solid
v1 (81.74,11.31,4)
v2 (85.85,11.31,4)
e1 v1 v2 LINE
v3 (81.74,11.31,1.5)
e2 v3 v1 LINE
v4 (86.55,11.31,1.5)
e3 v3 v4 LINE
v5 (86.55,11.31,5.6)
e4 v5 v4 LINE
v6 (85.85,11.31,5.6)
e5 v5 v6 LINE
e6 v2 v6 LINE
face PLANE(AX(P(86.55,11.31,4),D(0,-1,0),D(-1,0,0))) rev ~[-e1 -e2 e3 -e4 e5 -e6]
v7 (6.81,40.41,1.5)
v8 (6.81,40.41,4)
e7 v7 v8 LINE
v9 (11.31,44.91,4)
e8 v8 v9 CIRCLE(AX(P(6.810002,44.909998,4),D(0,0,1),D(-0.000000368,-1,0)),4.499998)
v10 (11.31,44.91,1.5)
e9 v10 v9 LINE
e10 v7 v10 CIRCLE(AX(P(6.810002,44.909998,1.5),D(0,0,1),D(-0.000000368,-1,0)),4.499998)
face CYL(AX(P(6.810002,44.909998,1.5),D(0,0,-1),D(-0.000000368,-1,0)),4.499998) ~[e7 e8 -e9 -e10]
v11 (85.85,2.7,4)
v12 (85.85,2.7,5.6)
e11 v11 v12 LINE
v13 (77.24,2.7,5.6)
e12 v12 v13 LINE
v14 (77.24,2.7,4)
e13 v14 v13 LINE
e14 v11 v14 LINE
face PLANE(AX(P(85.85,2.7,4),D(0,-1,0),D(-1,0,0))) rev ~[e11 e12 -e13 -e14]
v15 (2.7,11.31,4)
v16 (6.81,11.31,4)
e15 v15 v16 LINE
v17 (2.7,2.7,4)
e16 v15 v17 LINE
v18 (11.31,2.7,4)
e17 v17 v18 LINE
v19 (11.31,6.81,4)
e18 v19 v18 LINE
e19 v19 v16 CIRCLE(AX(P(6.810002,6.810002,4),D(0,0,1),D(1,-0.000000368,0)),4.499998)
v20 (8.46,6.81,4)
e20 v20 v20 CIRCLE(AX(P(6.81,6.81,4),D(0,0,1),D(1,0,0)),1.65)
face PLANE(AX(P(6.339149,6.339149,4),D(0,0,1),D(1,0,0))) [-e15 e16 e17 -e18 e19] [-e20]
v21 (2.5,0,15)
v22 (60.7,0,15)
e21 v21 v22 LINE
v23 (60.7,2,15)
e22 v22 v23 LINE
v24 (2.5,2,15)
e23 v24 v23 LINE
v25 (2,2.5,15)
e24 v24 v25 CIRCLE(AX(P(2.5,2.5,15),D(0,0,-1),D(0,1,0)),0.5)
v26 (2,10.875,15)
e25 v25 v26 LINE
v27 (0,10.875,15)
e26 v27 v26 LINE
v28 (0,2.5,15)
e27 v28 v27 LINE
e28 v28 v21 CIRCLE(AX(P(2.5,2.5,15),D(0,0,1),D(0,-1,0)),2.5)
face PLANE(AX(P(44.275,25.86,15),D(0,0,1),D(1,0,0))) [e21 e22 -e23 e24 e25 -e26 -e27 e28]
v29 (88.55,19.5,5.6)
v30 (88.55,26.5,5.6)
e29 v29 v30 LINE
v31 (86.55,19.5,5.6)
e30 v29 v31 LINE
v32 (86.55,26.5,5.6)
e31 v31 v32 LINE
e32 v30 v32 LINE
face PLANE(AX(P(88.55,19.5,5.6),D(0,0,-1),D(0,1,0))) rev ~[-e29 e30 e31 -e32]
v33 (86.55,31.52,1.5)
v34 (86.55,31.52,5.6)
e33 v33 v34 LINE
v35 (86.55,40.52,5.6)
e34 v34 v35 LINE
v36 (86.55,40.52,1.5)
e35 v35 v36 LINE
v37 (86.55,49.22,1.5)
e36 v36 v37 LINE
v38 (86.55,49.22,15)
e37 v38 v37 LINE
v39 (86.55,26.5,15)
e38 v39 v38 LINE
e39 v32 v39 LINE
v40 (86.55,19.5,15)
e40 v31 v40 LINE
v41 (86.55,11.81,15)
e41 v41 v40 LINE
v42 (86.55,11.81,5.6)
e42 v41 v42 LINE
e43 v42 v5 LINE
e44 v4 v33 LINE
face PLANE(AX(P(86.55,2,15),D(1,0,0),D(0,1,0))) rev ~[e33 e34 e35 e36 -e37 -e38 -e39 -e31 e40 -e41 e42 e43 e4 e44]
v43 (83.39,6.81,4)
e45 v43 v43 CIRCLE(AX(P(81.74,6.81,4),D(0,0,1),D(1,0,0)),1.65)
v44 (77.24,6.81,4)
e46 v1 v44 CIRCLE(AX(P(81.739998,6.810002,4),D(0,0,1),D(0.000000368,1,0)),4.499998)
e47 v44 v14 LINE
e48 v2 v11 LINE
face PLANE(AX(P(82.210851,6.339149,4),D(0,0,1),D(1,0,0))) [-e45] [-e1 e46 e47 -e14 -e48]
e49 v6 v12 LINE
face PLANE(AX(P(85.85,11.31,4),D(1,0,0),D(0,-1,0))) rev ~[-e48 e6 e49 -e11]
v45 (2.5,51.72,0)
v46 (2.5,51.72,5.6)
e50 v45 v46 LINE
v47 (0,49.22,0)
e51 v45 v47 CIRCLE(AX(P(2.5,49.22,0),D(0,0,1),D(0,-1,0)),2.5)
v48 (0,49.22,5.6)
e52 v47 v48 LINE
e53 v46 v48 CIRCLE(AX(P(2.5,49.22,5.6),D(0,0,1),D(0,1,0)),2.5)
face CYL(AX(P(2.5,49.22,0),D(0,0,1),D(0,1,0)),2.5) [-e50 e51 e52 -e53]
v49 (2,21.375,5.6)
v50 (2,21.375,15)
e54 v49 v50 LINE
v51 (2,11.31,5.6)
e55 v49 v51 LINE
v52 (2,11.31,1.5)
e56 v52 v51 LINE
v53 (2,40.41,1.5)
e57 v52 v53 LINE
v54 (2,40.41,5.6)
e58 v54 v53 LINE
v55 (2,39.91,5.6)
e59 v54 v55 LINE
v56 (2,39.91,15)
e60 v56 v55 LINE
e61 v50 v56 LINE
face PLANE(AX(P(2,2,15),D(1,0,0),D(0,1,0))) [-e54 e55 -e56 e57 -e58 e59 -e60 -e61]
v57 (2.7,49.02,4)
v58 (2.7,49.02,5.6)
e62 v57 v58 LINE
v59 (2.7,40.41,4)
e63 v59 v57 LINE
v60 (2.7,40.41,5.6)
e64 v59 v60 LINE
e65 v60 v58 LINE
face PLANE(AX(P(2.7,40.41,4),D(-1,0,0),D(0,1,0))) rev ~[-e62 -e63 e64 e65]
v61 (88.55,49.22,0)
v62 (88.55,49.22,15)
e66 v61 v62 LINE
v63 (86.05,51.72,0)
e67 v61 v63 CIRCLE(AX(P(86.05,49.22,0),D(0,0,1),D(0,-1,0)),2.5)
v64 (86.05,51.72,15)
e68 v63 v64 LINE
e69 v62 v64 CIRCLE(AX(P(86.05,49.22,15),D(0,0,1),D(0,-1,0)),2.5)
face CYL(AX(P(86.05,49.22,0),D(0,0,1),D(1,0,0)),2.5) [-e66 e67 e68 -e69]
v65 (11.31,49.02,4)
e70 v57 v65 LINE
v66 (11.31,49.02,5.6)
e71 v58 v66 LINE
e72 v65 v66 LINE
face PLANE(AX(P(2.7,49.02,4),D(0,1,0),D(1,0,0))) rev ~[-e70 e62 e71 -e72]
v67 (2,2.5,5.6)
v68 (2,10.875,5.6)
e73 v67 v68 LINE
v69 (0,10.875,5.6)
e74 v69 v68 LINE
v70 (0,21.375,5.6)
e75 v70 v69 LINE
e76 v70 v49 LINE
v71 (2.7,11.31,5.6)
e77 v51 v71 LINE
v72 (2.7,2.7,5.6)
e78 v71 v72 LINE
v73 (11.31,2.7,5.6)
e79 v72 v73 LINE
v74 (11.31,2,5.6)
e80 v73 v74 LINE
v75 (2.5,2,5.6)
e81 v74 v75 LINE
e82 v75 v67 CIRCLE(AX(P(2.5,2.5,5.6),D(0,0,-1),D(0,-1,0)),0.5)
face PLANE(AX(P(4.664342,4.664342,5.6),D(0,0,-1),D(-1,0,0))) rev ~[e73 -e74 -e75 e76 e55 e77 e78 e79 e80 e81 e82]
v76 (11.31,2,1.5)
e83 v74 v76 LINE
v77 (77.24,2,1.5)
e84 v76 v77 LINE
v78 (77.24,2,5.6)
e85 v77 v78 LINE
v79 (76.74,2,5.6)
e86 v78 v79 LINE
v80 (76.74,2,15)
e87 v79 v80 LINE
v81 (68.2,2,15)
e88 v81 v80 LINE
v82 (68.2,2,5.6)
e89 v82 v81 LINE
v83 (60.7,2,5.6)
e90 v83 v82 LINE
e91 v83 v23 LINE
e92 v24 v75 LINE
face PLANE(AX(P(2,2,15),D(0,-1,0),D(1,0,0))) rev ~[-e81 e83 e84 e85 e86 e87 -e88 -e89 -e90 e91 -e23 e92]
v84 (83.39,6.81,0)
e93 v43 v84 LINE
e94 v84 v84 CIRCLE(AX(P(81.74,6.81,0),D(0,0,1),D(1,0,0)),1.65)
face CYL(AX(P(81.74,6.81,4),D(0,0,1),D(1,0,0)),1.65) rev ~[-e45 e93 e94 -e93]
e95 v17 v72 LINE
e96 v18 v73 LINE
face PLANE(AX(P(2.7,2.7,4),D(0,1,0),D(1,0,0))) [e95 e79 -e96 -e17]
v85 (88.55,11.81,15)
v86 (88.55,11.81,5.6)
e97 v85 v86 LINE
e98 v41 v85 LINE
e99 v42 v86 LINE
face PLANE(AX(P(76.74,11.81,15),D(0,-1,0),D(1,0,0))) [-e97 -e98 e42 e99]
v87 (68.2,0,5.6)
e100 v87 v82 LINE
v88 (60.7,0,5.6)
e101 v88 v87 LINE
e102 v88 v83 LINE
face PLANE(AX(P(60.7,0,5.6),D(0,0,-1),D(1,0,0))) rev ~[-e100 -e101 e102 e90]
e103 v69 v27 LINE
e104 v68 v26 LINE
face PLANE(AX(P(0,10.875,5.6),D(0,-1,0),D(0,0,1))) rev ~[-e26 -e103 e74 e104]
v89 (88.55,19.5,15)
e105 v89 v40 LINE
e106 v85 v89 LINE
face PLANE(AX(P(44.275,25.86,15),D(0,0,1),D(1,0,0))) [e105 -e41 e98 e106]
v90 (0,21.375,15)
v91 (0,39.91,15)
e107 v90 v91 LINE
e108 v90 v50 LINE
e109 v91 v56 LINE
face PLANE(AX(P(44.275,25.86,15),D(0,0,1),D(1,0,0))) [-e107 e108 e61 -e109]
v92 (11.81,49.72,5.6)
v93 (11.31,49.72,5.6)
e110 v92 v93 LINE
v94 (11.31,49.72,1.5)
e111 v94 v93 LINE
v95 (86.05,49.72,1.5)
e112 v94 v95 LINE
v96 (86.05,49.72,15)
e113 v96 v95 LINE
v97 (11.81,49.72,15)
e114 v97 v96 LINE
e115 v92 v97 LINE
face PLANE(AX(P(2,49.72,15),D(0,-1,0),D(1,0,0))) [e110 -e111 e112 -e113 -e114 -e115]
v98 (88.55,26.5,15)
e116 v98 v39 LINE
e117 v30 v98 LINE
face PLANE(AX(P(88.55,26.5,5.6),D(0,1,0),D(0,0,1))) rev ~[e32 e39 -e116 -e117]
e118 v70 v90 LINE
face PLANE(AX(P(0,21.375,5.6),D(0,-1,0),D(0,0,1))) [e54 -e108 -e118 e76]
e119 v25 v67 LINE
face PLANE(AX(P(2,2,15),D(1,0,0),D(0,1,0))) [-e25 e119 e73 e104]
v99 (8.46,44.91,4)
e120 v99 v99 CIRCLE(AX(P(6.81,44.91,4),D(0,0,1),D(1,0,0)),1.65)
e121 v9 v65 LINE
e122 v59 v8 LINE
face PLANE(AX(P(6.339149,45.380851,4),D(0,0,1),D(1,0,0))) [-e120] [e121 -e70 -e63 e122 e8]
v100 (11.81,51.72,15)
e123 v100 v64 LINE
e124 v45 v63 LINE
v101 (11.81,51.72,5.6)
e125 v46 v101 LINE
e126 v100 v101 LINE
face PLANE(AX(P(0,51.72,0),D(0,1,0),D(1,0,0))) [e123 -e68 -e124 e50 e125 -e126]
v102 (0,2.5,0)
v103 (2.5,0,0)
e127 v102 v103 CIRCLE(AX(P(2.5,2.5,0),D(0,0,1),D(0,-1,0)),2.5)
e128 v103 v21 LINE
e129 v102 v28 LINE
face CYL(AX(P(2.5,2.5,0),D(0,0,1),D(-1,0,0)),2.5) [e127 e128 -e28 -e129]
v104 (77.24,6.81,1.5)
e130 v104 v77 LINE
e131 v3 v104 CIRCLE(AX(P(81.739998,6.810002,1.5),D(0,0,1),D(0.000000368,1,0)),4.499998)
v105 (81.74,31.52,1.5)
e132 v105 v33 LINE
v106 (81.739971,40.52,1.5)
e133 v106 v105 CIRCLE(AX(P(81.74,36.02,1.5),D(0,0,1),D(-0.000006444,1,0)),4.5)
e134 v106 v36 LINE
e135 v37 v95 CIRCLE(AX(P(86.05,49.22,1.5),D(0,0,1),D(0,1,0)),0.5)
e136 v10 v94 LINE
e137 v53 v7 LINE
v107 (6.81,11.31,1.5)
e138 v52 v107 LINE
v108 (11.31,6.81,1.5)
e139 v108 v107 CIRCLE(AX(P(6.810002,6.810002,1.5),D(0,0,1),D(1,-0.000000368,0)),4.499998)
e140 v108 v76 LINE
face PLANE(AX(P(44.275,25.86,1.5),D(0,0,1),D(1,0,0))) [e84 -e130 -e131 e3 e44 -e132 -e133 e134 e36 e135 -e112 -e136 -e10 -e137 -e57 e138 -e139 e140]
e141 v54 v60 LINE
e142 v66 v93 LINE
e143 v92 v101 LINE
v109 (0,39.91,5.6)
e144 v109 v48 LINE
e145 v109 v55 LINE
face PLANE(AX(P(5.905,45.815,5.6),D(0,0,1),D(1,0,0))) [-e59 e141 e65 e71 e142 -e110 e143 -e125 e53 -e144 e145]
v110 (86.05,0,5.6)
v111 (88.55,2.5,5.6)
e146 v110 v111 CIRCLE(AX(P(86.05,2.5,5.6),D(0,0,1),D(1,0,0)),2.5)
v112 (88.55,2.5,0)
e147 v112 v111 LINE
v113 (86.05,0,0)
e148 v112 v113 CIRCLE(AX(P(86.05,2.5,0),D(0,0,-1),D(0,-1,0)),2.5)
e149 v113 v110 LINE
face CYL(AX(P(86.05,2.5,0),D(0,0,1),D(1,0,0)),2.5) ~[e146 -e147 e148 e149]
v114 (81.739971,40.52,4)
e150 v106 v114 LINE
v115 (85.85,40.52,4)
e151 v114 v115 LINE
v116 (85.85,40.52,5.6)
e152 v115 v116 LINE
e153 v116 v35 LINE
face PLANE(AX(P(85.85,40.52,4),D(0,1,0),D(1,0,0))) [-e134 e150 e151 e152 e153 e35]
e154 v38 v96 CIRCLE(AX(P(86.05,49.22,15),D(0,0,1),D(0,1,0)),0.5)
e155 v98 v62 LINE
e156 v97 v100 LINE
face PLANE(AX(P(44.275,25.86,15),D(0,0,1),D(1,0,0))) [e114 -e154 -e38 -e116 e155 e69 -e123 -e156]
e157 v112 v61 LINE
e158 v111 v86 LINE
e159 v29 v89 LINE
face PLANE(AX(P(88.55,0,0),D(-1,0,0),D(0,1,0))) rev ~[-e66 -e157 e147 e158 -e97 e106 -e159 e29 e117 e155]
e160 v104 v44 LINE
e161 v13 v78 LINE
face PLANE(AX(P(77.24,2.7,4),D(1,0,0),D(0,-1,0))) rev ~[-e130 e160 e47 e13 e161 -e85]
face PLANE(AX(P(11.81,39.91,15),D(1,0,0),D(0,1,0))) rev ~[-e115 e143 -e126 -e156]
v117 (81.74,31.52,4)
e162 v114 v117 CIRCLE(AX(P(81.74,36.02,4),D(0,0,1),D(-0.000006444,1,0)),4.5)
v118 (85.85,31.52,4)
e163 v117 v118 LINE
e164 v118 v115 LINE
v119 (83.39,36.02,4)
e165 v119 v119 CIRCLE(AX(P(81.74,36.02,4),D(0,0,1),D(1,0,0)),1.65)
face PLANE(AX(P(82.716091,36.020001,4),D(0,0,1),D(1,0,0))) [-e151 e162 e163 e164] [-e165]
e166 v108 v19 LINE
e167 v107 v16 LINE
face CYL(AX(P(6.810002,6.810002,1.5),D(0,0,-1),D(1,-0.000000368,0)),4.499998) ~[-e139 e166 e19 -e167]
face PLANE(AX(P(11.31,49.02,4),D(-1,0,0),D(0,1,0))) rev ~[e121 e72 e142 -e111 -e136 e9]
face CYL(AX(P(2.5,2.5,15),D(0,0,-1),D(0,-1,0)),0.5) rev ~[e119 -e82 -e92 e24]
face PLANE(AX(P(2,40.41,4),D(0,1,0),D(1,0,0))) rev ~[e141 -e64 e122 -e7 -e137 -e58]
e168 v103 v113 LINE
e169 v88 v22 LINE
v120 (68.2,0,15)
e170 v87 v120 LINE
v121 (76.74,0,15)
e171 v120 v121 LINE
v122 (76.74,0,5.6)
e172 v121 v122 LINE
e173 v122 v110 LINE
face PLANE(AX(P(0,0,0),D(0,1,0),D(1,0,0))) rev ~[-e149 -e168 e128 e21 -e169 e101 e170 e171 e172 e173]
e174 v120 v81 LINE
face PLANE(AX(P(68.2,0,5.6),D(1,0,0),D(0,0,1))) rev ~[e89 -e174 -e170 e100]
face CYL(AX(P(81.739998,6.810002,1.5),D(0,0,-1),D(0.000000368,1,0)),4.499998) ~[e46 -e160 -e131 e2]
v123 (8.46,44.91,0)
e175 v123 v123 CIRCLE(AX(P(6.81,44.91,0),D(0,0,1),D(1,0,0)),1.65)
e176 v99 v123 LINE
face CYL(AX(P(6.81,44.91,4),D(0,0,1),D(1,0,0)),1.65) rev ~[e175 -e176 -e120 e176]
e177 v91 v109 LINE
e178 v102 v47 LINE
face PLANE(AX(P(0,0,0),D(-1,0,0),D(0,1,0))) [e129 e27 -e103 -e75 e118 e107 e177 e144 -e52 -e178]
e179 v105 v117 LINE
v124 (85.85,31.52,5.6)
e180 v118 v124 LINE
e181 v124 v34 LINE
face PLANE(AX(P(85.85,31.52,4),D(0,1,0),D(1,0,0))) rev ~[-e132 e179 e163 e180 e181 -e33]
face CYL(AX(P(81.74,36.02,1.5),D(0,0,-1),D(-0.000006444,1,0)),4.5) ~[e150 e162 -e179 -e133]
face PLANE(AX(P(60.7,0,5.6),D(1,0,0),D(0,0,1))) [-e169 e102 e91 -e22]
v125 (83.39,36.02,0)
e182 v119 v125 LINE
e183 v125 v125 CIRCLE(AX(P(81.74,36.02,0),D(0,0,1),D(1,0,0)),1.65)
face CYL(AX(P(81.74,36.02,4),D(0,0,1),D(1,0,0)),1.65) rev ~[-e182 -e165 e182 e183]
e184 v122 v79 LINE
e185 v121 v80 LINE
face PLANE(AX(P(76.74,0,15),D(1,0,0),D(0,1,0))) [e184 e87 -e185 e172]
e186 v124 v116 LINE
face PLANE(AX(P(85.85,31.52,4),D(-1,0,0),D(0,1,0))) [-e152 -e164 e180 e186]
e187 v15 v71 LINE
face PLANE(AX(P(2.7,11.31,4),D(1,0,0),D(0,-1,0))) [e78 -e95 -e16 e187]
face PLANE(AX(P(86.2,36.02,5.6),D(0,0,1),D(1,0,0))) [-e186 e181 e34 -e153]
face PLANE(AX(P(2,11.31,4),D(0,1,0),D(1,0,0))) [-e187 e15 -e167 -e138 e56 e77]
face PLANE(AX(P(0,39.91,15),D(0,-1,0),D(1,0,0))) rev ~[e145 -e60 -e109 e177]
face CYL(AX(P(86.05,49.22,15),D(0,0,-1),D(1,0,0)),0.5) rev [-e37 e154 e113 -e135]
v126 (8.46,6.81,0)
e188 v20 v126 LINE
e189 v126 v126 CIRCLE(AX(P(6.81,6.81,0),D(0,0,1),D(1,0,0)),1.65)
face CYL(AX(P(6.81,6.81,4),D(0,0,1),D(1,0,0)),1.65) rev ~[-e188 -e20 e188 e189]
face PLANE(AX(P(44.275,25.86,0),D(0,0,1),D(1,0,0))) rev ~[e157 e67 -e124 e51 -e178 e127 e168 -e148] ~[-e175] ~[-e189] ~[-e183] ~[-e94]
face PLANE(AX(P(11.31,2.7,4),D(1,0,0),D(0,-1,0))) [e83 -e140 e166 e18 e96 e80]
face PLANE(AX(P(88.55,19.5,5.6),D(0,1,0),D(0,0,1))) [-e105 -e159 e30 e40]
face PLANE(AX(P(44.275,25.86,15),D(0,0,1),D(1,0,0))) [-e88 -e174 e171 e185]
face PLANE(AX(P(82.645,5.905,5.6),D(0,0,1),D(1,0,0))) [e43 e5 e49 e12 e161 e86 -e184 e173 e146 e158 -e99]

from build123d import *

# Parameters (mm, degrees)
SKETCH_W        = 88.55
SKETCH_H        = 51.72
PAD_DEPTH       = 15
SKETCH001_W     = 84.55
SKETCH001_H     = 47.72
POCKET_DEPTH    = 13.5
PAD001_DEPTH    = 2.5
PAD002_DEPTH    = 2.5
PAD003_DEPTH    = 2.5
PAD004_DEPTH    = 2.5
SKETCH006_R     = 1.65
HOLE_DEPTH      = 25
SKETCH007_R     = 1.65
HOLE001_DEPTH   = 25
SKETCH008_R     = 1.65
HOLE002_DEPTH   = 25
SKETCH009_R     = 1.65
HOLE003_DEPTH   = 25
SKETCH010_W     = 7
SKETCH010_H     = 19.4
POCKET001_DEPTH = 2
SKETCH011_W     = 10.5
SKETCH011_H     = 19.4
POCKET002_DEPTH = 2
SKETCH012_W     = 7.5
SKETCH012_H     = 19.4
POCKET003_DEPTH = 2
FILLET_R        = 2.5
FILLET001_R     = 2.5
FILLET002_R     = 2.5
FILLET003_R     = 2.5
FILLET004_R     = 0.5
FILLET005_R     = 0.5
FILLET006_R     = 0.5
FILLET007_R     = 0.5
PAD005_DEPTH    = 1.6
PAD006_DEPTH    = 1.6
PAD007_DEPTH    = 1.6
SKETCH016_W     = 0.7
SKETCH016_H     = 9
PAD008_DEPTH    = 1.6
SKETCH017_W     = 11.81
SKETCH017_H     = 11.81
POCKET004_DEPTH = 9.4
SKETCH018_W     = 11.81
SKETCH018_H     = 11.81
POCKET005_DEPTH = 9.4


with BuildPart() as part:
    # Sketch → Pad (new body)
    with BuildSketch(Plane.XY):
        with Locations((44.275, 25.86)):
            Rectangle(SKETCH_W, SKETCH_H)
    extrude(amount=PAD_DEPTH)

    # Sketch001 (on Face6 of Pad) → Pocket (cut)
    with BuildSketch(Plane.XY.offset(15)):
        with Locations((44.275, 25.86)):
            Rectangle(SKETCH001_W, SKETCH001_H)
    extrude(amount=-POCKET_DEPTH, mode=Mode.SUBTRACT)

    # Sketch002 (on Face11 of Pocket) → Pad001 (join)
    with BuildSketch(Plane.XY.offset(1.5)):
        with BuildLine():
            ThreePointArc((11.31, 6.81), (9.991981, 9.991981), (6.81, 11.31))
            Line((2, 11.31), (6.81, 11.31))
            Line((2, 11.31), (2, 2))
            Line((2, 2), (11.31, 2))
            Line((11.31, 6.81), (11.31, 2))
        make_face()
    extrude(amount=PAD001_DEPTH)

    # Sketch003 (on Face11 of Pad001) → Pad002 (join)
    with BuildSketch(Plane.XY.offset(1.5)):
        with BuildLine():
            ThreePointArc((6.81, 40.41), (9.991981, 41.728019), (11.31, 44.91))
            Line((11.31, 44.91), (11.31, 49.72))
            Line((2, 49.72), (11.31, 49.72))
            Line((2, 49.72), (2, 40.41))
            Line((2, 40.41), (6.81, 40.41))
        make_face()
    extrude(amount=PAD002_DEPTH)

    # Sketch004 (on Face11 of Pad002) → Pad003 (join)
    with BuildSketch(Plane.XY.offset(1.5)):
        with BuildLine():
            ThreePointArc((81.739971, 40.52), (77.24, 36.019985), (81.74, 31.52))
            Line((81.74, 31.52), (86.55, 31.52))
            Line((86.55, 31.52), (86.55, 40.52))
            Line((81.739971, 40.52), (86.55, 40.52))
        make_face()
    extrude(amount=PAD003_DEPTH)

    # Sketch005 (on Face11 of Pad003) → Pad004 (join)
    with BuildSketch(Plane.XY.offset(1.5)):
        with BuildLine():
            ThreePointArc((81.74, 11.31), (78.558019, 9.991981), (77.24, 6.81))
            Line((77.24, 6.81), (77.24, 2))
            Line((77.24, 2), (86.55, 2))
            Line((86.55, 2), (86.55, 11.31))
            Line((81.74, 11.31), (86.55, 11.31))
        make_face()
    extrude(amount=PAD004_DEPTH)

    # Sketch006 (on Face20 of Pad004) → Hole (cut)
    with BuildSketch(Plane.XY.offset(4)):
        with Locations((6.81, 44.91)):
            Circle(SKETCH006_R)
    extrude(amount=-HOLE_DEPTH, mode=Mode.SUBTRACT)

    # Sketch007 (on Face19 of Hole) → Hole001 (cut)
    with BuildSketch(Plane.XY.offset(4)):
        with Locations((6.81, 6.81)):
            Circle(SKETCH007_R)
    extrude(amount=-HOLE001_DEPTH, mode=Mode.SUBTRACT)

    # Sketch008 (on Face15 of Hole001) → Hole002 (cut)
    with BuildSketch(Plane.XY.offset(4)):
        with Locations((81.74, 6.81)):
            Circle(SKETCH008_R)
    extrude(amount=-HOLE002_DEPTH, mode=Mode.SUBTRACT)

    # Sketch009 (on Face21 of Hole002) → Hole003 (cut)
    with BuildSketch(Plane.XY.offset(4)):
        with Locations((81.74, 36.02)):
            Circle(SKETCH009_R)
    extrude(amount=-HOLE003_DEPTH, mode=Mode.SUBTRACT)

    # Sketch010 (on Face3 of Hole003) → Pocket001 (cut)
    with BuildSketch(Plane.YZ.offset(88.55)):
        with Locations((23, 15.3)):
            Rectangle(SKETCH010_W, SKETCH010_H)
    extrude(amount=-POCKET001_DEPTH, mode=Mode.SUBTRACT)

    # Sketch011 (on Face2 of Pocket001) → Pocket002 (cut)
    with BuildSketch(Plane(origin=(0, 0, 0), x_dir=(0, -1, 0), z_dir=(-1, 0, 0))):
        with Locations((-16.125, 15.3)):
            Rectangle(SKETCH011_W, SKETCH011_H)
    extrude(amount=-POCKET002_DEPTH, mode=Mode.SUBTRACT)

    # Sketch012 (on Face1 of Pocket002) → Pocket003 (cut)
    with BuildSketch(Plane.XZ):
        with Locations((64.45, 15.3)):
            Rectangle(SKETCH012_W, SKETCH012_H)
    extrude(amount=-POCKET003_DEPTH, mode=Mode.SUBTRACT)

    # Fillet
    fillet_edges = [part.edges().sort_by_distance(p)[0] for p in [
        (88.55, 0, 7.5),
    ]]
    fillet(fillet_edges, radius=FILLET_R)

    # Fillet001
    fillet001_edges = [part.edges().sort_by_distance(p)[0] for p in [
        (88.55, 51.72, 7.5),
    ]]
    fillet(fillet001_edges, radius=FILLET001_R)

    # Fillet002
    fillet002_edges = [part.edges().sort_by_distance(p)[0] for p in [
        (0, 51.72, 7.5),
    ]]
    fillet(fillet002_edges, radius=FILLET002_R)

    # Fillet003
    fillet003_edges = [part.edges().sort_by_distance(p)[0] for p in [
        (0, 0, 7.5),
    ]]
    fillet(fillet003_edges, radius=FILLET003_R)

    # Fillet004
    fillet004_edges = [part.edges().sort_by_distance(p)[0] for p in [
        (86.55, 49.72, 8.25),
    ]]
    fillet(fillet004_edges, radius=FILLET004_R)

    # Fillet005
    fillet005_edges = [part.edges().sort_by_distance(p)[0] for p in [
        (86.55, 2, 9.5),
    ]]
    fillet(fillet005_edges, radius=FILLET005_R)

    # Fillet006
    fillet006_edges = [part.edges().sort_by_distance(p)[0] for p in [
        (2, 2, 9.5),
    ]]
    fillet(fillet006_edges, radius=FILLET006_R)

    # Fillet007
    fillet007_edges = [part.edges().sort_by_distance(p)[0] for p in [
        (2, 49.72, 9.5),
    ]]
    fillet(fillet007_edges, radius=FILLET007_R)

    # Sketch013 (on Face13 of Fillet007) → Pad005 (join)
    with BuildSketch(Plane.XY.offset(4)):
        Polygon((2.7, 11.31), (2.7, 2.7), (11.31, 2.7), (11.31, 2), (2, 2), (2, 11.31), align=None)
    extrude(amount=PAD005_DEPTH)

    # Sketch014 (on Face9 of Pad005) → Pad006 (join)
    with BuildSketch(Plane.XY.offset(4)):
        Polygon((2.7, 40.41), (2.7, 49.02), (11.31, 49.02), (11.31, 49.72), (2, 49.72), (2, 40.41), align=None)
    extrude(amount=PAD006_DEPTH)

    # Sketch015 (on Face43 of Pad006) → Pad007 (join)
    with BuildSketch(Plane.XY.offset(4)):
        Polygon((85.85, 11.31), (85.85, 2.7), (77.24, 2.7), (77.24, 2), (86.55, 2), (86.55, 11.31), align=None)
    extrude(amount=PAD007_DEPTH)

    # Sketch016 (on Face43 of Pad007) → Pad008 (join)
    with BuildSketch(Plane.XY.offset(4)):
        with Locations((86.2, 36.02)):
            Rectangle(SKETCH016_W, SKETCH016_H)
    extrude(amount=PAD008_DEPTH)

    # Sketch017 (on Face2 of Pad008) → Pocket004 (cut)
    with BuildSketch(Plane.XY.offset(15)):
        with Locations((5.905, 45.815)):
            Rectangle(SKETCH017_W, SKETCH017_H)
    extrude(amount=-POCKET004_DEPTH, mode=Mode.SUBTRACT)

    # Sketch018 (on Face46 of Pocket004) → Pocket005 (cut)
    with BuildSketch(Plane.XY.offset(15)):
        with Locations((82.645, 5.905)):
            Rectangle(SKETCH018_W, SKETCH018_H)
    extrude(amount=-POCKET005_DEPTH, mode=Mode.SUBTRACT)


solid = part.part
